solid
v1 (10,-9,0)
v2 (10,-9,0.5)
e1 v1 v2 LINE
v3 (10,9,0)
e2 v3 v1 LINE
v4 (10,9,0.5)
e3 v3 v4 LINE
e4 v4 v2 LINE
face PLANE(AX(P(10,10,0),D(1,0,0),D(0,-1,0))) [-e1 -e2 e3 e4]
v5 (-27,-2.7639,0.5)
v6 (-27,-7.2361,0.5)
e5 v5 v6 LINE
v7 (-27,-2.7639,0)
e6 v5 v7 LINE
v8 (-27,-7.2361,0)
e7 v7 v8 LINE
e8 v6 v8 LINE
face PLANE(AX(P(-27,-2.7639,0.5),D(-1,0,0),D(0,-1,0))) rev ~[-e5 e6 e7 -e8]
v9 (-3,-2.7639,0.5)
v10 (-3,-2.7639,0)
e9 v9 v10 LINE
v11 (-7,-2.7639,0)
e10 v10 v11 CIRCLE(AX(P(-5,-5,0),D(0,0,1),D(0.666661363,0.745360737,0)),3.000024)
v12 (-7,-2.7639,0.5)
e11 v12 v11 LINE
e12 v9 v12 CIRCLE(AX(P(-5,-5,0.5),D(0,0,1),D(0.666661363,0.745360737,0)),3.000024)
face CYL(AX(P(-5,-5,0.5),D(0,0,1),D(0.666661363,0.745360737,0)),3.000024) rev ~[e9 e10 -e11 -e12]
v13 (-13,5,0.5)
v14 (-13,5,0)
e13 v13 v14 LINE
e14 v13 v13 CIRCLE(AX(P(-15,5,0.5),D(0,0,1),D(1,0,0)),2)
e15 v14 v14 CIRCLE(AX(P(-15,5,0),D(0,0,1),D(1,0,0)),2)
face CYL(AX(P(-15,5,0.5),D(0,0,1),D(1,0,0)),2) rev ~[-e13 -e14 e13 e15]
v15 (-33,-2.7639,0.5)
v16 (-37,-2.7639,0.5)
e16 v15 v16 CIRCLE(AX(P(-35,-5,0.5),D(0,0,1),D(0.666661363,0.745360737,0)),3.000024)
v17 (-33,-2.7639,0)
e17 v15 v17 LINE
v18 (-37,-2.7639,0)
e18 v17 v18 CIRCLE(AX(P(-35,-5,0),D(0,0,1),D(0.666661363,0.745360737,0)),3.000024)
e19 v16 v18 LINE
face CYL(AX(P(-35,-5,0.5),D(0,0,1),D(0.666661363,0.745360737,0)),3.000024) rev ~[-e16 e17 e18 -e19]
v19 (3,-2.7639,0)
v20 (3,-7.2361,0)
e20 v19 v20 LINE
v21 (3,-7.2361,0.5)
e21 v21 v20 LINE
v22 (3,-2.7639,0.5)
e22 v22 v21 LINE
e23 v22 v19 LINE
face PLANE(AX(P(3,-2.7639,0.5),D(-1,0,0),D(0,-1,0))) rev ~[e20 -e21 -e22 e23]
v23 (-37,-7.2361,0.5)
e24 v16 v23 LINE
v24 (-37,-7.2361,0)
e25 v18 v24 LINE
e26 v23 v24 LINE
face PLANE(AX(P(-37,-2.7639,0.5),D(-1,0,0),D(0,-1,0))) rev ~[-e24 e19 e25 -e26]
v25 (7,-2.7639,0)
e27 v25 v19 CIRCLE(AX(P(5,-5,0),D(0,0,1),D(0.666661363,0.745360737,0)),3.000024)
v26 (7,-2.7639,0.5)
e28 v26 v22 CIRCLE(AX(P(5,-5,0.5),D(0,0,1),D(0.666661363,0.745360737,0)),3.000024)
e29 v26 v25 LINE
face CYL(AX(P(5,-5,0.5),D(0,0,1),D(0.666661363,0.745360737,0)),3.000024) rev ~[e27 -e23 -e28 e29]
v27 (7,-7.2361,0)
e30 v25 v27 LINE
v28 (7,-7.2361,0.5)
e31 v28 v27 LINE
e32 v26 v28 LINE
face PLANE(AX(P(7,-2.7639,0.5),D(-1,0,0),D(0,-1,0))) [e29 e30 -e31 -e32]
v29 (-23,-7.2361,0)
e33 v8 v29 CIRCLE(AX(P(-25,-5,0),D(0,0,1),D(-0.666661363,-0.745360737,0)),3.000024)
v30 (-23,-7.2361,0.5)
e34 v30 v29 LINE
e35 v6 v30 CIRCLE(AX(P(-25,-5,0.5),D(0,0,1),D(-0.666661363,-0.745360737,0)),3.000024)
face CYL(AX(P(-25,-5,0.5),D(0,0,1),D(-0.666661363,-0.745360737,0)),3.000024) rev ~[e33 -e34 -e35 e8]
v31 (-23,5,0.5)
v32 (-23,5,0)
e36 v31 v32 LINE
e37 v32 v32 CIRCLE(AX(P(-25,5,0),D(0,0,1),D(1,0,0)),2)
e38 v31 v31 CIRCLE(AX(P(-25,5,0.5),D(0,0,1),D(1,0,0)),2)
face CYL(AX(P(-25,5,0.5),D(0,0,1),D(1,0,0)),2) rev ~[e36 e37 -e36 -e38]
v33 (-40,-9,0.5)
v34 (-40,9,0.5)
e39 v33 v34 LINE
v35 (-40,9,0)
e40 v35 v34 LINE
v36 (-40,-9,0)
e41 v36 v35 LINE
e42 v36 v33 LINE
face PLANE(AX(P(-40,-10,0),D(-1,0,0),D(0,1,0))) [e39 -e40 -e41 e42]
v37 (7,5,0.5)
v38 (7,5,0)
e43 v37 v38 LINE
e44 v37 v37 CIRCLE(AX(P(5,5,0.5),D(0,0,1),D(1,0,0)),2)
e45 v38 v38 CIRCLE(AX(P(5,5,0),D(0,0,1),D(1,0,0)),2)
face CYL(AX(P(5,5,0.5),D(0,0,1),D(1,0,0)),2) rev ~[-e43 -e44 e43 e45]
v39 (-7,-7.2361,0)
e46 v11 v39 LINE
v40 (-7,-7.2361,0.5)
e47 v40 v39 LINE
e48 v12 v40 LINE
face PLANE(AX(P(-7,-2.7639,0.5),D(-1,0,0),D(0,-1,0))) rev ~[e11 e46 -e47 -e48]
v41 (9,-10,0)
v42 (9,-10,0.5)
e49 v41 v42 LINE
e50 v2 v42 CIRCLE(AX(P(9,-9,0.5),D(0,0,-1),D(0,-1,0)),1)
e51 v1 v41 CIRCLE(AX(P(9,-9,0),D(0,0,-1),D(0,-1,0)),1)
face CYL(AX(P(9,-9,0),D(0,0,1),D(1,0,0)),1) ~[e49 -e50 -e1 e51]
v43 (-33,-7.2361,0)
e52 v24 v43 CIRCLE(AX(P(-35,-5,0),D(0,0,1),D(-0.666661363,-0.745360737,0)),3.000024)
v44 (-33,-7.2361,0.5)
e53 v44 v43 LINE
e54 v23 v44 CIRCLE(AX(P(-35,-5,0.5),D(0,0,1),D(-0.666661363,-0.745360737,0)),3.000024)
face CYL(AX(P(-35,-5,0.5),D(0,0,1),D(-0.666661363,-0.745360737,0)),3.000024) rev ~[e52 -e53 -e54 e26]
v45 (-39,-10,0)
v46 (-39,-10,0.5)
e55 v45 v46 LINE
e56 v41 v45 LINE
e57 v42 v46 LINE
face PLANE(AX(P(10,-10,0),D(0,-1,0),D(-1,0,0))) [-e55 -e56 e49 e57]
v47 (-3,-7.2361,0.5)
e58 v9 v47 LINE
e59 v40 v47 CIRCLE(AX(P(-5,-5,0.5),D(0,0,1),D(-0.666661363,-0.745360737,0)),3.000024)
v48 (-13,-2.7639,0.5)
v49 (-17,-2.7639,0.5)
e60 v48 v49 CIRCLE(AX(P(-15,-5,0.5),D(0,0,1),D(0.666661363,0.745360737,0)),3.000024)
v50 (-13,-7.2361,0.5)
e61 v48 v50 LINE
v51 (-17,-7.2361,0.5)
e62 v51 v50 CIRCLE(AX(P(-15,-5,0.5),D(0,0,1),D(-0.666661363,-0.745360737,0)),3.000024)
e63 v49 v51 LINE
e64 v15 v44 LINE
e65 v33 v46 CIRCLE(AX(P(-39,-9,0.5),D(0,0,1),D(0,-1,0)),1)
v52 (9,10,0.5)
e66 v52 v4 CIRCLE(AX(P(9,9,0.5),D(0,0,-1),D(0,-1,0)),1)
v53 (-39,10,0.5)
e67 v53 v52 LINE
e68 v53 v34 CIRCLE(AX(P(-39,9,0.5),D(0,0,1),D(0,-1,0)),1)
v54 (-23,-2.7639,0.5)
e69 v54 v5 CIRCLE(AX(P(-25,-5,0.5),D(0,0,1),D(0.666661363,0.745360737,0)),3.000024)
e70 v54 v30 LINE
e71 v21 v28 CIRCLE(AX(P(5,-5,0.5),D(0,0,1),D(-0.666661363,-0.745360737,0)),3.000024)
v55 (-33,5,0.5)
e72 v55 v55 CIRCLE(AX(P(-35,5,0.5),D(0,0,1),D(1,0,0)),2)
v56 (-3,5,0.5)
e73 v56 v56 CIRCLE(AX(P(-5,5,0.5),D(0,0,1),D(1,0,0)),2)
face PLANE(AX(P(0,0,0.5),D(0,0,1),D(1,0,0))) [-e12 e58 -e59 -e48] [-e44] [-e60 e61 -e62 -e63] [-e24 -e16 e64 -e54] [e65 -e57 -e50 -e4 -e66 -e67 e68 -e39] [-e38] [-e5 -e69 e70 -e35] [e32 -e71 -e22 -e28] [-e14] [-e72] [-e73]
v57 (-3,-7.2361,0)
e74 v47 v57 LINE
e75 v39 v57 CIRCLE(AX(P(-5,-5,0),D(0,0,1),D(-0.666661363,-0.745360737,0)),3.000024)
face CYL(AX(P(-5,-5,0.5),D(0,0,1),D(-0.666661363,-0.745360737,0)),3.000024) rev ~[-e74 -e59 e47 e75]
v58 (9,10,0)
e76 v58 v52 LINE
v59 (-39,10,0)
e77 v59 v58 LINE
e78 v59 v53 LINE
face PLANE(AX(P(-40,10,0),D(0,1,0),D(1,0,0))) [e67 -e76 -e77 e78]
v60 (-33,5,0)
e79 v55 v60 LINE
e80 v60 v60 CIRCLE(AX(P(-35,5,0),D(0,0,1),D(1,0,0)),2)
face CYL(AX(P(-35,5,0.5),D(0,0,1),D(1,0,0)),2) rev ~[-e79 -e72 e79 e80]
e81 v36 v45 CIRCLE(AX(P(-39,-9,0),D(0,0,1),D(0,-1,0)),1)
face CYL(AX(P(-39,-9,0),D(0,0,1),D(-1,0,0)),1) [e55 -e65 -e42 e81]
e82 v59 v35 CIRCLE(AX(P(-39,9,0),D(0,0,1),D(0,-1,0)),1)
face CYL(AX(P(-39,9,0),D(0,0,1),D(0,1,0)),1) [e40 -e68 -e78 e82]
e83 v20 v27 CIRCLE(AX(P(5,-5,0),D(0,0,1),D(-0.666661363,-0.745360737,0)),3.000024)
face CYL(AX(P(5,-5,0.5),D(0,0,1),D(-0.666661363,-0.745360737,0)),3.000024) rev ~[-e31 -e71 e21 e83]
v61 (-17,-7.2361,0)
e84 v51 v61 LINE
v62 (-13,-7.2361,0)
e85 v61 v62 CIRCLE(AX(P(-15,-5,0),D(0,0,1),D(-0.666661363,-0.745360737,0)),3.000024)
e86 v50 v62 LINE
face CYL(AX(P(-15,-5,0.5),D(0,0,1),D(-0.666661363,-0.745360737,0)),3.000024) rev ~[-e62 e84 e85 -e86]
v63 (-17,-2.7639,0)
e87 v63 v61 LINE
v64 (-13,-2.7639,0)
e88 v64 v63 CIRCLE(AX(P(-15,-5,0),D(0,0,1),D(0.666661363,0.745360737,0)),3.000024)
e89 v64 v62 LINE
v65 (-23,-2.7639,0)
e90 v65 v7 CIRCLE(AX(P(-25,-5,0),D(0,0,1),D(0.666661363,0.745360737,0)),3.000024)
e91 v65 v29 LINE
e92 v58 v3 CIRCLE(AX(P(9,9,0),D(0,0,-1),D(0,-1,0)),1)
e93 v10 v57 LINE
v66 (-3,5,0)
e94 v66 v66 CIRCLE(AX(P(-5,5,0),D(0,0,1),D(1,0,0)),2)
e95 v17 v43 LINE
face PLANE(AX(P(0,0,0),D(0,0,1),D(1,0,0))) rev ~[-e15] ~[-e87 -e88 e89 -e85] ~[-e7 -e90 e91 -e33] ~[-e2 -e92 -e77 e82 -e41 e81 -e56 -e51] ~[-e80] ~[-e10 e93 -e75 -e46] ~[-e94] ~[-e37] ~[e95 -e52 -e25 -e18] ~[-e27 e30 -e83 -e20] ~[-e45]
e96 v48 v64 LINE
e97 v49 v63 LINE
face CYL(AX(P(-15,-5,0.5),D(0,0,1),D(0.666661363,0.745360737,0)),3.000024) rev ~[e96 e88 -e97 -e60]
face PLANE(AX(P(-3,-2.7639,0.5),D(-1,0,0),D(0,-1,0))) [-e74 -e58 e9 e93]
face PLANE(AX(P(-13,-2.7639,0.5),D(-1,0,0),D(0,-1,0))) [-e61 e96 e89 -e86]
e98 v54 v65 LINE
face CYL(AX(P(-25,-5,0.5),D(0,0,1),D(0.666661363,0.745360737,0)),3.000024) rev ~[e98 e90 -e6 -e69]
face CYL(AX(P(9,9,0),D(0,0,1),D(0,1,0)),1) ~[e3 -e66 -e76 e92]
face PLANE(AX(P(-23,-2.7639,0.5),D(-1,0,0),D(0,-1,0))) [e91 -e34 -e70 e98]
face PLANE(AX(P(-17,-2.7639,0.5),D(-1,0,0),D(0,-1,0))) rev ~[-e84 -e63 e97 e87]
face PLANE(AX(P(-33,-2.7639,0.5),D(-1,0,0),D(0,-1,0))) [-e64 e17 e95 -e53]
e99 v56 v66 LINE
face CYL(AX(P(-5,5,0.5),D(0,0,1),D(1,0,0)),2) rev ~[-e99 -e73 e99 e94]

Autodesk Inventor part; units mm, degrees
ref_plane "YZ Plane" through (0, 0, 0) normal (1, 0, 0) x (0, 1, 0)
ref_plane "XZ Plane" through (0, 0, 0) normal (0, 1, 0) x (-1, 0, 0)
ref_plane "XY Plane" through (0, 0, 0) normal (0, 0, 1) x (1, 0, 0)
sketch "Náčrt1" plane through (0, 0, 0) normal (0, 0, 1) x (1, 0, 0)
  line L0 (-40, 10) -> (10, 10)
  line L1 (10, 10) -> (10, -10)
  line L2 (10, -10) -> (-40, -10)
  line L3 (-40, -10) -> (-40, 10)
  point P0 (0, 0)
  dimension "d0" = 20
  dimension "d1" = 50
  dimension "d2" = 10
  dimension "d3" = 10
extrude "Vysunutí1" add sketch "Náčrt1" along normal blind 0.5
sketch "Náčrt2" plane through (0, 0, 0.5) normal (0, 0, 1) x (1, 0, 0)
  circle A0 centre (-35, 5) radius 2
  line L0 (10, 10) -> (-40, 10) projected
  line L1 (-40, 10) -> (-40, -10) projected
  point P0 (0, 0)
  dimension "d6" = 4
  dimension "d7" = 5
  dimension "d8" = 5
extrude "Vysunutí2" cut sketch "Náčrt2" against normal blind 0.5
pattern_linear "Obdélníkové pole1" count 7 spacing 10 along (1, 0, 0) of "Vysunutí2"
fillet "Zaoblení1" radius 1 1 edges at (10, 10, 0.25)
fillet "Zaoblení2" radius 1 2 edges at (-40, 10, 0.25) (-40, -10, 0.25)
fillet "Zaoblení3" radius 1 1 edges at (10, -10, 0.25)
sketch "Náčrt3" plane through (0, 0, 0.5) normal (0, 0, 1) x (1, 0, 0)
  line L0 (7, -2.7639) -> (7, -7.2361)
  line L1 (3, -2.7639) -> (3, -7.2361)
  arc A0 (7, -2.7639) -> (3, -2.7639) centre (5, -5) ccw
  arc A1 (3, -7.2361) -> (7, -7.2361) centre (5, -5) ccw
  line L2 (10, -9) -> (10, 9) projected
  line L3 (-39, -10) -> (9, -10) projected
  point P0 (0, 0)
  point P1 (3, -7.229)
  point P2 (5, -8)
  point P3 (5, -2)
  dimension "d24" = 2
  dimension "d25" = 4
  dimension "d26" = 5
  dimension "d27" = 5
  dimension "d28" = 3
  dimension "d29" = 3
extrude "Vysunutí3" cut sketch "Náčrt3" against normal blind 10
pattern_linear "Obdélníkové pole2" count 7 spacing 10 along (-1, 0, 0) of "Vysunutí3"
properties part number "1020"
